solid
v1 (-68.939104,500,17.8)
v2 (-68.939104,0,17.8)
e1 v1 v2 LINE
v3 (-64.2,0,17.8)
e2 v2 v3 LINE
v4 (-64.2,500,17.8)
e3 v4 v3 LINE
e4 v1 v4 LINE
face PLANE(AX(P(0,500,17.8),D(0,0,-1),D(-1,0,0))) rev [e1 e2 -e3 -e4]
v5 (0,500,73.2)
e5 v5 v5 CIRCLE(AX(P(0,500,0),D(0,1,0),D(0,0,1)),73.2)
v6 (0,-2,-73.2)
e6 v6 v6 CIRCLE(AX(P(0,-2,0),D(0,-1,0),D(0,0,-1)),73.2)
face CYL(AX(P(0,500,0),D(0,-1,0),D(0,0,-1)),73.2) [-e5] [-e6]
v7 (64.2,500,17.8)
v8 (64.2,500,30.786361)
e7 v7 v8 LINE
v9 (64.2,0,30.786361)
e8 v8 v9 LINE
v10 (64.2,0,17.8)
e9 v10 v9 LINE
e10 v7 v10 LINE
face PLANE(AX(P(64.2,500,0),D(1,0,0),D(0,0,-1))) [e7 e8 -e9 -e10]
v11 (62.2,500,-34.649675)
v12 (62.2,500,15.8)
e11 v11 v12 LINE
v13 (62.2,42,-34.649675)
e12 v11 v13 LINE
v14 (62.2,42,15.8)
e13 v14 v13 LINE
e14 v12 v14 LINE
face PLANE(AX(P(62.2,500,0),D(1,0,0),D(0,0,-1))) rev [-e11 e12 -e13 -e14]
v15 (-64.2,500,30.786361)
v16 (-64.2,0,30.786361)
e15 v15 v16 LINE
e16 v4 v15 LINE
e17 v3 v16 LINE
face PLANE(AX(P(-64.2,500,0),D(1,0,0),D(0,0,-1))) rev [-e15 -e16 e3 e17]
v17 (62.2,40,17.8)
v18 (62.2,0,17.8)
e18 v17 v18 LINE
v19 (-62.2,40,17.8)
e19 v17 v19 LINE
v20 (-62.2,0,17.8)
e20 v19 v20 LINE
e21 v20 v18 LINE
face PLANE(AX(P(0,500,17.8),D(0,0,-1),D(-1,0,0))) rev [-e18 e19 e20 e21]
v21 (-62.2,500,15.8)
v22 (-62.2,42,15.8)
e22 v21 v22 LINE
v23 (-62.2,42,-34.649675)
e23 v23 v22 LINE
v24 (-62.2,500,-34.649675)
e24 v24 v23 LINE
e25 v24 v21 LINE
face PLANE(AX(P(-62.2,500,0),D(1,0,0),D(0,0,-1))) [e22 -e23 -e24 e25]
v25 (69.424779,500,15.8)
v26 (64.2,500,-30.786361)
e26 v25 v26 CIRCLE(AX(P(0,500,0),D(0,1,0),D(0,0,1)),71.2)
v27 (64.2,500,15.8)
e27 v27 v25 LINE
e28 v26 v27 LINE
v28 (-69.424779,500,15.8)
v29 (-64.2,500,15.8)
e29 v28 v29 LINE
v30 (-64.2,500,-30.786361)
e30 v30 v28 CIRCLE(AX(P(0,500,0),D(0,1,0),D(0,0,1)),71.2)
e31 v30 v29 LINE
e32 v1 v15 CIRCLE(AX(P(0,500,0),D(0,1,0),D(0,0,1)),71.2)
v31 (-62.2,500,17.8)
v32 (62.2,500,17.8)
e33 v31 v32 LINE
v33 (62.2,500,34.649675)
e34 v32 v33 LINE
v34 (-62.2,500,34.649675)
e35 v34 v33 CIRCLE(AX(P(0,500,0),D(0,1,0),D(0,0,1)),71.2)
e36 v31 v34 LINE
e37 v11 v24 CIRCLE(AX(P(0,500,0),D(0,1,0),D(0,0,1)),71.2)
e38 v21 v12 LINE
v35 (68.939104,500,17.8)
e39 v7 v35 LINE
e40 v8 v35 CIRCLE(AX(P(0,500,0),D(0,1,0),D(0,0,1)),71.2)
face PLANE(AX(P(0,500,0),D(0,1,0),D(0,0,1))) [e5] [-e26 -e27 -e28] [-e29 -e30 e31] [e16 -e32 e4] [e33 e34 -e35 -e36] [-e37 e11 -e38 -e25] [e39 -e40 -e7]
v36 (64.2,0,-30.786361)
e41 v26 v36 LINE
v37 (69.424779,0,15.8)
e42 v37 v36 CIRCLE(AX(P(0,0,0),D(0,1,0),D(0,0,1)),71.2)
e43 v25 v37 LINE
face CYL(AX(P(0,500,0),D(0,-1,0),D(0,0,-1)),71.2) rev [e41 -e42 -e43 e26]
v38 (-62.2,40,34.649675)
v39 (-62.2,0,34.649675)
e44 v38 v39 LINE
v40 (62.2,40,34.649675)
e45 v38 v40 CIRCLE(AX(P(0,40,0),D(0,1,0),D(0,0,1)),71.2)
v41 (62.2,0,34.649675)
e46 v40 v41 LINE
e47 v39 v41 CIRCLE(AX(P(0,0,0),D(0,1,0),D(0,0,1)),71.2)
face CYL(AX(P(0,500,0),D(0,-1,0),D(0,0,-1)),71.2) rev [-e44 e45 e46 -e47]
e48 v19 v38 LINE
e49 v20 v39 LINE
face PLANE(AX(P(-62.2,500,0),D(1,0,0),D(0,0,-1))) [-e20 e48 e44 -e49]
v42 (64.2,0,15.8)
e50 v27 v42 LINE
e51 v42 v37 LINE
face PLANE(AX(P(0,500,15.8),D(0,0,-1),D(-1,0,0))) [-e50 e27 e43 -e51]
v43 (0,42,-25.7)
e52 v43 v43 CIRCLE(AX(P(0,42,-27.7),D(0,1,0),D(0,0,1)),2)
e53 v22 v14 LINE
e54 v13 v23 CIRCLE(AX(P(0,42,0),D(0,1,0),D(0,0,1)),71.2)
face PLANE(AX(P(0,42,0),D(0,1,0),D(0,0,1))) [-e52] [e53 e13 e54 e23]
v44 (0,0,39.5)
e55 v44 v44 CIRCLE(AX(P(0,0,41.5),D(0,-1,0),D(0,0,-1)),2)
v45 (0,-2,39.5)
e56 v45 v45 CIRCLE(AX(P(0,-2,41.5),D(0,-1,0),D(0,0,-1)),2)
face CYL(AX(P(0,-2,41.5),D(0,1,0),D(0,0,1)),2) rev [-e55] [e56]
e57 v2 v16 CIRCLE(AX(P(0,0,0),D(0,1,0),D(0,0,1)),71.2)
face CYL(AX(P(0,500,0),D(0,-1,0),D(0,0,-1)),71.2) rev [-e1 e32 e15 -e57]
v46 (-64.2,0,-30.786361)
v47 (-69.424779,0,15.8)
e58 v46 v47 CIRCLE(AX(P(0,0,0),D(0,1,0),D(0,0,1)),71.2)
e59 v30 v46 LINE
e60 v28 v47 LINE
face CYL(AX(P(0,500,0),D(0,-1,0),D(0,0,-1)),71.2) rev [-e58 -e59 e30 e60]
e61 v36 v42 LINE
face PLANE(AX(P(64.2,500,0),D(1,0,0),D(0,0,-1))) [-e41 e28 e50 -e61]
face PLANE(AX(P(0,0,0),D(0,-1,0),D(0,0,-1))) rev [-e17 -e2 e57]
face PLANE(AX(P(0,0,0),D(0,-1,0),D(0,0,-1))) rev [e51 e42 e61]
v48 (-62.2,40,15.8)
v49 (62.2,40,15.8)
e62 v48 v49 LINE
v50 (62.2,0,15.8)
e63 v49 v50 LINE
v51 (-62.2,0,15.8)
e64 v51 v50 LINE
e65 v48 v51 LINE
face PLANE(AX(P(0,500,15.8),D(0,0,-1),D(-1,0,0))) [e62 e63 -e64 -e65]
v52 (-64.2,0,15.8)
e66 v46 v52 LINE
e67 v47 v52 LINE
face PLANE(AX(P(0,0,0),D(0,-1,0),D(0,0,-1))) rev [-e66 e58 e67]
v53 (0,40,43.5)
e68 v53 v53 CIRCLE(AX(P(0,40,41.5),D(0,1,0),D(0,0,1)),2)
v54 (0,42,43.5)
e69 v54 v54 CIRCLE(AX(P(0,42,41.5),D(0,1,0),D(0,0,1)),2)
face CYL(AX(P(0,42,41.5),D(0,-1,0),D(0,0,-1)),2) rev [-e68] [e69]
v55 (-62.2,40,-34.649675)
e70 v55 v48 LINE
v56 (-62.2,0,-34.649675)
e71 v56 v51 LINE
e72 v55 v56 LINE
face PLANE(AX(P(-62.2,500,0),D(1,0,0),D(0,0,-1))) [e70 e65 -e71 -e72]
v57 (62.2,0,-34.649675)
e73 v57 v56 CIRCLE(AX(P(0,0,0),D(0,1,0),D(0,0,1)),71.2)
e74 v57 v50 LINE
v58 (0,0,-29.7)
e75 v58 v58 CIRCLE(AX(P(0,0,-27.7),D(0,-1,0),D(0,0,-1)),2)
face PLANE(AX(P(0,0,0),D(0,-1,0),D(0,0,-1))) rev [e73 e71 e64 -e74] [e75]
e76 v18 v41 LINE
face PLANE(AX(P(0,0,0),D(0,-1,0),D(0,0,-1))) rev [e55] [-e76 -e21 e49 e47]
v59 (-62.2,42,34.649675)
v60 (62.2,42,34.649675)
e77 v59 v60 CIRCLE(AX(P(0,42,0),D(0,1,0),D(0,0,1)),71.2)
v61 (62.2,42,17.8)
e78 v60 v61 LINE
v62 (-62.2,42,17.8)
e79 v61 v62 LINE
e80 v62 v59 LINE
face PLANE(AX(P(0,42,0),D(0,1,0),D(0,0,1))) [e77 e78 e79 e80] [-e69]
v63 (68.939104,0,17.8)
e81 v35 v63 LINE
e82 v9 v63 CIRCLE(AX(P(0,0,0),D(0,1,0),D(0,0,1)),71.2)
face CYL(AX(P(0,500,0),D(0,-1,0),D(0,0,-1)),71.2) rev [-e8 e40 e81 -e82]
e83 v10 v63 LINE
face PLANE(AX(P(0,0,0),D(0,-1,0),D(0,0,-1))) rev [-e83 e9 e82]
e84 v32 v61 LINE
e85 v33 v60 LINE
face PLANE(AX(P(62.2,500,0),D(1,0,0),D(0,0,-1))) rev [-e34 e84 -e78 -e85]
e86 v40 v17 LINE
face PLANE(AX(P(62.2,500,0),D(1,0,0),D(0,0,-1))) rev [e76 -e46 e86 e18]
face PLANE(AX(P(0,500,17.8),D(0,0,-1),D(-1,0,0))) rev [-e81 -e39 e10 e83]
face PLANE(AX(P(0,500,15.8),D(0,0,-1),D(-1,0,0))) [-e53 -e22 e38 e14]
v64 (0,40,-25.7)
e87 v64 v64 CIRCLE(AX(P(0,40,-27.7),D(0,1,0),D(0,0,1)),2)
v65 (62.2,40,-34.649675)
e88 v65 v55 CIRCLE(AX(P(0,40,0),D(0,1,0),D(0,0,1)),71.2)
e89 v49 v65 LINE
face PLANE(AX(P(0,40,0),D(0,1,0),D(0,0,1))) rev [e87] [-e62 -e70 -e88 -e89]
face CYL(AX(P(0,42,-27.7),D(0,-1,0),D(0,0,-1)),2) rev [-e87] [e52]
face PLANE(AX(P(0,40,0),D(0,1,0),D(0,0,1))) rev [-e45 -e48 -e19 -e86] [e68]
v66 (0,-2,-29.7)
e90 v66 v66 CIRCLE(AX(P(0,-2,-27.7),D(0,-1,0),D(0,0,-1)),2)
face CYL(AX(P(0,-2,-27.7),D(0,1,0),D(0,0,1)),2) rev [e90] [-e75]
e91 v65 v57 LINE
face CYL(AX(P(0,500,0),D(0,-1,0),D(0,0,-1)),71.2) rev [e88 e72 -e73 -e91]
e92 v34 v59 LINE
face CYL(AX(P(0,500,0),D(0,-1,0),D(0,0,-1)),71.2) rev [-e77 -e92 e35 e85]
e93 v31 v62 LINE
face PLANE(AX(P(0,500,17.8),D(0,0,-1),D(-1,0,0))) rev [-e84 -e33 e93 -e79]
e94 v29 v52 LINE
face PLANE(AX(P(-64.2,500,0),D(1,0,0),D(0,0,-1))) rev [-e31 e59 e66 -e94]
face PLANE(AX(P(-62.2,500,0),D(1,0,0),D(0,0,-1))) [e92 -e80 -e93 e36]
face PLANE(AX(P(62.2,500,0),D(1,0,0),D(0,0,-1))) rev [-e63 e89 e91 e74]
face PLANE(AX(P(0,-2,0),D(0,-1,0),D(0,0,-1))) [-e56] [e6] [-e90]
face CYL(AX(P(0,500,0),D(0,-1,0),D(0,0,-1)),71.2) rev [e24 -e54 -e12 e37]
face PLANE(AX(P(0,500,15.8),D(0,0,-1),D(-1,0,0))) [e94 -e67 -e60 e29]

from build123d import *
from build123d.topology import SkipClean

# Parameters (mm, degrees)
BOSS_EXTRUDE1_DEPTH = 500
BOSS_EXTRUDE2_START = 2
SKETCH3_R           = 73.2
SKETCH3_R_2         = 2
BOSS_EXTRUDE2_DEPTH = 2
SKETCH4_R           = 2
BOSS_EXTRUDE3_DEPTH = 2


with BuildPart() as part:
    # Sketch1 → Boss-Extrude1 (new body)
    with BuildSketch(Plane(origin=(0, 0, 0), x_dir=(1, 0, 0), z_dir=(0, 1, 0))):
        with BuildLine():
            ThreePointArc((-62.2, -38.592745432), (20.064894717, -70.396306721), (73.2, 0))
            ThreePointArc((73.2, 0), (-18.149380155, 70.914314493), (-64.2, -35.165323829))
            ThreePointArc((-64.2, -35.165323829), (-63.223229945, -36.892589978), (-62.2, -38.592745432))
        make_face()
        with BuildLine():
            ThreePointArc((-64.2, -30.786360616), (-66.88547387, -24.408469537), (-68.939103562, -17.8))
            Line((-68.939103562, -17.8), (-64.2, -17.8))
            Line((-64.2, -17.8), (-64.2, -30.786360616))
        make_face(mode=Mode.SUBTRACT)
        with BuildLine():
            Line((-62.2, -17.8), (62.2, -17.8))
            Line((62.2, -17.8), (62.2, -34.649675323))
            ThreePointArc((62.2, -34.649675323), (0, -71.2), (-62.2, -34.649675323))
            Line((-62.2, -34.649675323), (-62.2, -17.8))
        make_face(mode=Mode.SUBTRACT)
        with BuildLine():
            Line((64.2, -30.786360616), (64.2, -17.8))
            Line((64.2, -17.8), (68.939103562, -17.8))
            ThreePointArc((68.939103562, -17.8), (66.88547387, -24.408469537), (64.2, -30.786360616))
        make_face(mode=Mode.SUBTRACT)
        with BuildLine():
            Line((-64.2, -15.8), (-69.424779438, -15.8))
            ThreePointArc((-69.424779438, -15.8), (-70.756396664, 7.93551077), (-64.2, 30.786360616))
            Line((-64.2, 30.786360616), (-64.2, -15.8))
        make_face(mode=Mode.SUBTRACT)
        with BuildLine():
            ThreePointArc((-62.2, 34.649675323), (0, 71.2), (62.2, 34.649675323))
            Line((62.2, 34.649675323), (62.2, -15.8))
            Line((62.2, -15.8), (-62.2, -15.8))
            Line((-62.2, -15.8), (-62.2, 34.649675323))
        make_face(mode=Mode.SUBTRACT)
        with BuildLine():
            Line((64.2, -15.8), (64.2, 30.786360616))
            ThreePointArc((64.2, 30.786360616), (70.756396664, 7.93551077), (69.424779438, -15.8))
            Line((69.424779438, -15.8), (64.2, -15.8))
        make_face(mode=Mode.SUBTRACT)
    extrude(amount=BOSS_EXTRUDE1_DEPTH)

    # Sketch3 → Boss-Extrude2 (add)
    with SkipClean():  # the faces are left unmerged after this step: merging them gives an invalid solid
        with BuildSketch(Plane.XZ.offset(BOSS_EXTRUDE2_START)):
            with Locations(Location((0, 0, 0), (0, 0, 270))):
                Circle(SKETCH3_R)
            with Locations(Location((0, -27.7, 0), (0, 0, 270))):
                Circle(SKETCH3_R_2, mode=Mode.SUBTRACT)
            with Locations(Location((0, 41.5, 0), (0, 0, 270))):
                Circle(SKETCH3_R_2, mode=Mode.SUBTRACT)
        extrude(amount=-BOSS_EXTRUDE2_DEPTH)

    # Sketch4 → Boss-Extrude3 (add)
    # profile 1 of 2: a face of its own
    with SkipClean():  # the faces are left unmerged after this step: merging them gives an invalid solid
        with BuildSketch(Plane(origin=(0, 40, 0), x_dir=(1, 0, 0), z_dir=(0, 1, 0))):
            with BuildLine():
                Line((-62.2, -17.8), (-62.2, -34.649675323))
                ThreePointArc((-62.2, -34.649675323), (0, -71.2), (62.2, -34.649675323))
                Line((62.2, -34.649675323), (62.2, -17.8))
                Line((62.2, -17.8), (-62.2, -17.8))
            make_face()
            with Locations(Location((0, -41.5, 0), (0, 0, 90))):
                Circle(SKETCH4_R, mode=Mode.SUBTRACT)
        # profile 2 of 2: a face of its own
        with BuildSketch(Plane(origin=(0, 40, 0), x_dir=(1, 0, 0), z_dir=(0, 1, 0))):
            with BuildLine():
                Line((62.2, -15.8), (62.2, 34.649675323))
                ThreePointArc((62.2, 34.649675323), (0, 71.2), (-62.2, 34.649675323))
                Line((-62.2, 34.649675323), (-62.2, -15.8))
                Line((-62.2, -15.8), (62.2, -15.8))
            make_face()
            with Locations(Location((0, 27.7, 0), (0, 0, 90))):
                Circle(SKETCH4_R, mode=Mode.SUBTRACT)
        extrude(amount=BOSS_EXTRUDE3_DEPTH)


solid = part.part
